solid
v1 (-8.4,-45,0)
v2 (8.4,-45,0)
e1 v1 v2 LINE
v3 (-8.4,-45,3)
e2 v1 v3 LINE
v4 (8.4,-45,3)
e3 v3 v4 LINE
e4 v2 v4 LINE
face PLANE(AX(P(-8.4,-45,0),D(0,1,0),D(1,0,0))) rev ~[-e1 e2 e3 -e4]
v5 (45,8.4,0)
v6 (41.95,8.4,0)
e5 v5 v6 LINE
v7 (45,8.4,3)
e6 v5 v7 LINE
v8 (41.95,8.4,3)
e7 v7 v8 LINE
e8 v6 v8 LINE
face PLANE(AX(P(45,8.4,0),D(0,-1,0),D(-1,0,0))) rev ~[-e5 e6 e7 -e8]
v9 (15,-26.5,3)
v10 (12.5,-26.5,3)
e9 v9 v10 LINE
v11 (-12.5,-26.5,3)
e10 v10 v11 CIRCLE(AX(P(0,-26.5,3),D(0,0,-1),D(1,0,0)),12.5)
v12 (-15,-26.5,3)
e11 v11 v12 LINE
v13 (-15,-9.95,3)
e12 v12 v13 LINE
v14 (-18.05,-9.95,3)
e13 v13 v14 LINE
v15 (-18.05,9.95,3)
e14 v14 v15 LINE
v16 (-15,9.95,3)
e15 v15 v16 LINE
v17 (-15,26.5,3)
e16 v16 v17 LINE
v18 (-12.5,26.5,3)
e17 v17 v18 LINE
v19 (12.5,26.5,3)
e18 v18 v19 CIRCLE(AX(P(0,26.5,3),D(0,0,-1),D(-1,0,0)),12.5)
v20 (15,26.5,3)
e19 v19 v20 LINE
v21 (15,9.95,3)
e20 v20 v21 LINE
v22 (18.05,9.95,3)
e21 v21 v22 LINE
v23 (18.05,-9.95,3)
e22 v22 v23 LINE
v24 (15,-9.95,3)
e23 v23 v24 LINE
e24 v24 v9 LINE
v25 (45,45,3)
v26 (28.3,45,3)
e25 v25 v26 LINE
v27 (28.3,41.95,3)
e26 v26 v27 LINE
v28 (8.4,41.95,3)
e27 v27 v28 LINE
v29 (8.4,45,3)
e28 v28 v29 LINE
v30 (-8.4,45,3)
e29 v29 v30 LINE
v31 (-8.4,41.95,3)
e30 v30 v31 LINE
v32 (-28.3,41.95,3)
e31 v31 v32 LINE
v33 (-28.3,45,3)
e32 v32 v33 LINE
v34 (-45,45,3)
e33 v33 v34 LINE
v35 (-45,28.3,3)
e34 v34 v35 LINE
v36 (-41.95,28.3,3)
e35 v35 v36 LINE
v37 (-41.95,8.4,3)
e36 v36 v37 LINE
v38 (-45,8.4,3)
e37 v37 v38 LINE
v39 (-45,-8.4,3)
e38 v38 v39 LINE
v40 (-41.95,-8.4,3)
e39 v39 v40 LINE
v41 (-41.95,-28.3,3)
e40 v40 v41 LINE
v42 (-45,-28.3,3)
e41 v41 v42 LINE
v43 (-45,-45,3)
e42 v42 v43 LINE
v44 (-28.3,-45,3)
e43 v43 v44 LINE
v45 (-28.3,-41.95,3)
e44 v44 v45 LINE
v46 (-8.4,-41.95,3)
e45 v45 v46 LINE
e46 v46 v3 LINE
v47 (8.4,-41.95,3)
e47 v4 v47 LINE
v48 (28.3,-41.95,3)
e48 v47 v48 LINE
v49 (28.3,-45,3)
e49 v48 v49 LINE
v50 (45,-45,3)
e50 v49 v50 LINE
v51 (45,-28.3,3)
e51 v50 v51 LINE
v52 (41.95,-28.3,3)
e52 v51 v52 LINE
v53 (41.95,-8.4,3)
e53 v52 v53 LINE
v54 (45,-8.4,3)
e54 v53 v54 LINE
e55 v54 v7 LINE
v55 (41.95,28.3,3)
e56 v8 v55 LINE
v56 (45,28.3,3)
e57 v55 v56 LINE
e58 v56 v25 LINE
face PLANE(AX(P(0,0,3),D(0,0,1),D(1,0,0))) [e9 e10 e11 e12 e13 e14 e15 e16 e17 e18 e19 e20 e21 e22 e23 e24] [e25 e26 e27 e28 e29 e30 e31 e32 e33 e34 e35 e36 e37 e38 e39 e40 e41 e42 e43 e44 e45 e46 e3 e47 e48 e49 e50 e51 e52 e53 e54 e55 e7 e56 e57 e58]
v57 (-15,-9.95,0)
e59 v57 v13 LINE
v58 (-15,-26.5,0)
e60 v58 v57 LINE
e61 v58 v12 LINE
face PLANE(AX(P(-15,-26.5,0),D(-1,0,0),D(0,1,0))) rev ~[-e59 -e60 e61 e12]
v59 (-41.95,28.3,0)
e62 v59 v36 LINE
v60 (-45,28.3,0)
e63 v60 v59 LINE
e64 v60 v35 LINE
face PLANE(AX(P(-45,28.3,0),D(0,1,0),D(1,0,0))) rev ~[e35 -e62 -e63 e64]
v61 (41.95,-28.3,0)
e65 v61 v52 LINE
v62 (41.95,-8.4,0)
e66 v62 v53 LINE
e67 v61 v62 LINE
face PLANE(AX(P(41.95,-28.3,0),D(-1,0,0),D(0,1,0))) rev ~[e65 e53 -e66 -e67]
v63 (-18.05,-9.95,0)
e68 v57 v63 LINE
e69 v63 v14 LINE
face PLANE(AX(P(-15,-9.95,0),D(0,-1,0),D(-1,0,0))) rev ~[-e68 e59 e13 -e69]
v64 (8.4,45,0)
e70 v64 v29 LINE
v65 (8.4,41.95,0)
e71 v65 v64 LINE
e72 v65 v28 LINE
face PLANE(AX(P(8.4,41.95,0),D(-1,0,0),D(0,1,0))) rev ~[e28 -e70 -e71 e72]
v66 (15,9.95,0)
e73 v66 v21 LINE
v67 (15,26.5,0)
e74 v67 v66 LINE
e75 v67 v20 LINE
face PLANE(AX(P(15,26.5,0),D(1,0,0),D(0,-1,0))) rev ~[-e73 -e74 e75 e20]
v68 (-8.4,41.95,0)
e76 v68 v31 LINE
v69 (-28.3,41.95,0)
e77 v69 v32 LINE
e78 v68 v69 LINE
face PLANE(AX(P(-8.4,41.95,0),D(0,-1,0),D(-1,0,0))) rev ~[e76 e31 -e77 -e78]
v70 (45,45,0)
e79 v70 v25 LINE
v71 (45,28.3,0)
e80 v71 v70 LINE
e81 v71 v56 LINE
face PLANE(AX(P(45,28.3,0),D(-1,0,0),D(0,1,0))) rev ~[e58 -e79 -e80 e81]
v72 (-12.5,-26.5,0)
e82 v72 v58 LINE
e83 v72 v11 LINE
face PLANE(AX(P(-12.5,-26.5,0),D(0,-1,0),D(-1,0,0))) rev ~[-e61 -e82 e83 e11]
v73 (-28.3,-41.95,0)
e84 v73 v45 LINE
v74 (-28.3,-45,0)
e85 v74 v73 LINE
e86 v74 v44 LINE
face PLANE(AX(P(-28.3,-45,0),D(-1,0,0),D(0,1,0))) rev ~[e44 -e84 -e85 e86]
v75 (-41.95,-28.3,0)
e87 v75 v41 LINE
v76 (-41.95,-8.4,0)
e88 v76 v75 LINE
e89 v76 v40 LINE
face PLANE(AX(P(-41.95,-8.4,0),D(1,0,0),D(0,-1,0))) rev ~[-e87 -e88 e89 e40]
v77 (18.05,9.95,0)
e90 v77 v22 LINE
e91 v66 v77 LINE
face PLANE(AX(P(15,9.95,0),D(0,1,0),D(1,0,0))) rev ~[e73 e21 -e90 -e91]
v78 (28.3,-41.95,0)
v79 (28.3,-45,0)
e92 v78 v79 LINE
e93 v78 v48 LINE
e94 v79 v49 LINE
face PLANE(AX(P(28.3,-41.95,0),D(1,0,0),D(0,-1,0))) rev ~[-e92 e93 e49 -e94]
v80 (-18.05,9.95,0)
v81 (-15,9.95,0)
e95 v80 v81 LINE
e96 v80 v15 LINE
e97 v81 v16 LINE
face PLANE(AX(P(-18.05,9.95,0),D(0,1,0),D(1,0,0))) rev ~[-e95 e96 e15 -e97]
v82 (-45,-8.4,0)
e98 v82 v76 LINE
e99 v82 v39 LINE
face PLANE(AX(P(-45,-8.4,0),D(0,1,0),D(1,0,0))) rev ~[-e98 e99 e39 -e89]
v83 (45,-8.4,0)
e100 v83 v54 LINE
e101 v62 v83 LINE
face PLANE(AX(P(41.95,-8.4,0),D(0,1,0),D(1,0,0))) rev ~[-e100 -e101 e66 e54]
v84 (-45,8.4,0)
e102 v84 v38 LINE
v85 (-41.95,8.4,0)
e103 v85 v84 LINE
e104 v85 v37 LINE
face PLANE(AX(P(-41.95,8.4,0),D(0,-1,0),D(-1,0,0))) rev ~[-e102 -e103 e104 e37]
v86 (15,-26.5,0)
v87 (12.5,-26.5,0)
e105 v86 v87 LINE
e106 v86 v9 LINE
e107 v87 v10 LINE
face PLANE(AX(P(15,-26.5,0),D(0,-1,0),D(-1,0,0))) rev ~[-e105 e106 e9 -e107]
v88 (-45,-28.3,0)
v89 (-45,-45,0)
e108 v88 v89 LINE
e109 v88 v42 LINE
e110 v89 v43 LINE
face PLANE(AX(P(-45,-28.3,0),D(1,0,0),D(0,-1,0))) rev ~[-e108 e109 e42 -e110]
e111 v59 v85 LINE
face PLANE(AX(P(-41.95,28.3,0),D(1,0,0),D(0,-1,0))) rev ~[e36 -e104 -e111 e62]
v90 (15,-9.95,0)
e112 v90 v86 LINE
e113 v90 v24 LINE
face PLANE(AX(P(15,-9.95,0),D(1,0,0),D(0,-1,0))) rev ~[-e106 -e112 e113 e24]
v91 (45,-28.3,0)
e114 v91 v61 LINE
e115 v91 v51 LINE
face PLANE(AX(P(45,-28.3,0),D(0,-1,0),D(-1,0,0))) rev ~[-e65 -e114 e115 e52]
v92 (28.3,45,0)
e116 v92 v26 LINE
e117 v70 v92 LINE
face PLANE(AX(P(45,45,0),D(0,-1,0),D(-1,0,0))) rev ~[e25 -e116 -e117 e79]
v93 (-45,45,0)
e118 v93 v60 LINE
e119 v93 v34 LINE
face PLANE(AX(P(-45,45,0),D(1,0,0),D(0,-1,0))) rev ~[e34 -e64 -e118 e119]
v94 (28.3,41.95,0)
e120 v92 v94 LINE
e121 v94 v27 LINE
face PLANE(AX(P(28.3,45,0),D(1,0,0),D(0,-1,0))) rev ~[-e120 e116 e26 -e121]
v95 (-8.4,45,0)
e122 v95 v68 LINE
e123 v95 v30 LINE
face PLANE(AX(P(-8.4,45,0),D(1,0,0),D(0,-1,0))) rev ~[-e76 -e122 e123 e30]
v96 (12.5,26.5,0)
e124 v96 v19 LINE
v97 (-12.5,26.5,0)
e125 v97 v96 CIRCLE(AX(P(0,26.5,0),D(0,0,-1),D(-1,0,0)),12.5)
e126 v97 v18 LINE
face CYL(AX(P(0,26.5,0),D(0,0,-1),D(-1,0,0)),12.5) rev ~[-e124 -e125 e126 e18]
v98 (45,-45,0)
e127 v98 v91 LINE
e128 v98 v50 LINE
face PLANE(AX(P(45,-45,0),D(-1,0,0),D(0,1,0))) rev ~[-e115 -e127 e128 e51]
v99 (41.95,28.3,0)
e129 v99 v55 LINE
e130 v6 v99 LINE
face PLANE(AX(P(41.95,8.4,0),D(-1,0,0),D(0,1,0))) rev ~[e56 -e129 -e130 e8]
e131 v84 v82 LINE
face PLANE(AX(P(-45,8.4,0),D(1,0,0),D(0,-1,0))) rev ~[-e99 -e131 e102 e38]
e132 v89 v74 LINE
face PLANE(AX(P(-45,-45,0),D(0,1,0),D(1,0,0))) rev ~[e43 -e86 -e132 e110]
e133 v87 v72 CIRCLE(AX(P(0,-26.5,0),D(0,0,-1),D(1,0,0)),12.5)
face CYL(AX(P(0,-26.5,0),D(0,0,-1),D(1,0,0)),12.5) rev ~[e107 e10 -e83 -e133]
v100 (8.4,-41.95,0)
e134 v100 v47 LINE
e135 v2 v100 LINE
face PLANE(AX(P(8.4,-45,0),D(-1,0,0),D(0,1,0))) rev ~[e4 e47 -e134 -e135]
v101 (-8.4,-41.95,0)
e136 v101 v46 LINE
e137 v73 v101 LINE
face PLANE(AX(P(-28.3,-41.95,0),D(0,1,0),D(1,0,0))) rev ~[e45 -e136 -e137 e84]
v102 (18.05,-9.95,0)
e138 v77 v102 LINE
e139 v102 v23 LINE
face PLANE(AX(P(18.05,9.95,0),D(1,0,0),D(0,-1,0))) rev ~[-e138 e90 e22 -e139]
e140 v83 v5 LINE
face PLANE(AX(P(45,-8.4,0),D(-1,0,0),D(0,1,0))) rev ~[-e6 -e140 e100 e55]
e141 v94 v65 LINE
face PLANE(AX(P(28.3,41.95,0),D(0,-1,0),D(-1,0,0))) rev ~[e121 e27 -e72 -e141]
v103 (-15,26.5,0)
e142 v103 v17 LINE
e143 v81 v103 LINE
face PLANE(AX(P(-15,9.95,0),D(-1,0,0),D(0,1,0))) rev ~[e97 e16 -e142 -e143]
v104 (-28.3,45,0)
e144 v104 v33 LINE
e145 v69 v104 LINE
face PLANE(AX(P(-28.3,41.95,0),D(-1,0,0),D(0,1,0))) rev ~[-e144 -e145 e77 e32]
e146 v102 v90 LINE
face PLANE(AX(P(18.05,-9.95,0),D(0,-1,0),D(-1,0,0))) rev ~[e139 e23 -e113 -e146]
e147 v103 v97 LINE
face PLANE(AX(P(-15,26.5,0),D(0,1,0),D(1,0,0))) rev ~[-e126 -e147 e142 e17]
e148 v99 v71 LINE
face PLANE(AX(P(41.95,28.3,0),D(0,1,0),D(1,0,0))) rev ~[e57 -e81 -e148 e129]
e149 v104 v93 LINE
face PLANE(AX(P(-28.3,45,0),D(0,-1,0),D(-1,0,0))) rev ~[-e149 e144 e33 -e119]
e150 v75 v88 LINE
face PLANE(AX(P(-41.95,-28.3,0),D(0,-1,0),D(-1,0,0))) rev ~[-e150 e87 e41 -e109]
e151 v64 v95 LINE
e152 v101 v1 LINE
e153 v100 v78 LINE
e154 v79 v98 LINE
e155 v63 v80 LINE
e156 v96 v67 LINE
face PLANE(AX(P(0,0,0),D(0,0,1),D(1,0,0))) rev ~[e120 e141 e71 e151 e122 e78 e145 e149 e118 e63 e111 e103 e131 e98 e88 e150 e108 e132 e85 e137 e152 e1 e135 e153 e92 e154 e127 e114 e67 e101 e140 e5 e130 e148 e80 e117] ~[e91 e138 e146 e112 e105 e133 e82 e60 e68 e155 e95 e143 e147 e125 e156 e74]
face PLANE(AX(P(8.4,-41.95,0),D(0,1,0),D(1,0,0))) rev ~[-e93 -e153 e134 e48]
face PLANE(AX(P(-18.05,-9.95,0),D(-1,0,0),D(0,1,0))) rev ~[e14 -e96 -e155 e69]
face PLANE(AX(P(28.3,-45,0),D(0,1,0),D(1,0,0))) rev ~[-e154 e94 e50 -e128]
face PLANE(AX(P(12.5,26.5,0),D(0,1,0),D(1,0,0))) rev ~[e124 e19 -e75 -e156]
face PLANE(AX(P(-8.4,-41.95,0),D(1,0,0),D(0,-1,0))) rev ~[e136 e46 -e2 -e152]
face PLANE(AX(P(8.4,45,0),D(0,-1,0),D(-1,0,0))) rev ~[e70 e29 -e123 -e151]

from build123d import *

# Parameters (mm, degrees)
F1_DEPTH = 3


with BuildPart() as f1:
    # F0 (on Top) → F1 (new body)
    with BuildSketch(Plane.XY):
        Polygon((28.3, -45), (45, -45), (45, -28.3), (41.95, -28.3), (41.95, -8.4), (45, -8.4), (45, 8.4), (41.95, 8.4), (41.95, 28.3), (45, 28.3), (45, 45), (28.3, 45), (28.3, 41.95), (8.4, 41.95), (8.4, 45), (-8.4, 45), (-8.4, 41.95), (-28.3, 41.95), (-28.3, 45), (-45, 45), (-45, 28.3), (-41.95, 28.3), (-41.95, 8.4), (-45, 8.4), (-45, -8.4), (-41.95, -8.4), (-41.95, -28.3), (-45, -28.3), (-45, -45), (-28.3, -45), (-28.3, -41.95), (-8.4, -41.95), (-8.4, -45), (8.4, -45), (8.4, -41.95), (28.3, -41.95), align=None)
        with BuildLine():
            Line((15, -9.95), (15, -26.5))
            Line((15, -26.5), (12.5, -26.5))
            ThreePointArc((12.5, -26.5), (0, -39), (-12.5, -26.5))
            Line((-12.5, -26.5), (-15, -26.5))
            Line((-15, -26.5), (-15, -9.95))
            Line((-15, -9.95), (-18.05, -9.95))
            Line((-18.05, -9.95), (-18.05, 9.95))
            Line((-18.05, 9.95), (-15, 9.95))
            Line((-15, 9.95), (-15, 26.5))
            Line((-15, 26.5), (-12.5, 26.5))
            ThreePointArc((-12.5, 26.5), (0, 39), (12.5, 26.5))
            Line((12.5, 26.5), (15, 26.5))
            Line((15, 26.5), (15, 9.95))
            Line((15, 9.95), (18.05, 9.95))
            Line((18.05, 9.95), (18.05, -9.95))
            Line((18.05, -9.95), (15, -9.95))
        make_face(mode=Mode.SUBTRACT)
    extrude(amount=F1_DEPTH)


solid = f1.part
